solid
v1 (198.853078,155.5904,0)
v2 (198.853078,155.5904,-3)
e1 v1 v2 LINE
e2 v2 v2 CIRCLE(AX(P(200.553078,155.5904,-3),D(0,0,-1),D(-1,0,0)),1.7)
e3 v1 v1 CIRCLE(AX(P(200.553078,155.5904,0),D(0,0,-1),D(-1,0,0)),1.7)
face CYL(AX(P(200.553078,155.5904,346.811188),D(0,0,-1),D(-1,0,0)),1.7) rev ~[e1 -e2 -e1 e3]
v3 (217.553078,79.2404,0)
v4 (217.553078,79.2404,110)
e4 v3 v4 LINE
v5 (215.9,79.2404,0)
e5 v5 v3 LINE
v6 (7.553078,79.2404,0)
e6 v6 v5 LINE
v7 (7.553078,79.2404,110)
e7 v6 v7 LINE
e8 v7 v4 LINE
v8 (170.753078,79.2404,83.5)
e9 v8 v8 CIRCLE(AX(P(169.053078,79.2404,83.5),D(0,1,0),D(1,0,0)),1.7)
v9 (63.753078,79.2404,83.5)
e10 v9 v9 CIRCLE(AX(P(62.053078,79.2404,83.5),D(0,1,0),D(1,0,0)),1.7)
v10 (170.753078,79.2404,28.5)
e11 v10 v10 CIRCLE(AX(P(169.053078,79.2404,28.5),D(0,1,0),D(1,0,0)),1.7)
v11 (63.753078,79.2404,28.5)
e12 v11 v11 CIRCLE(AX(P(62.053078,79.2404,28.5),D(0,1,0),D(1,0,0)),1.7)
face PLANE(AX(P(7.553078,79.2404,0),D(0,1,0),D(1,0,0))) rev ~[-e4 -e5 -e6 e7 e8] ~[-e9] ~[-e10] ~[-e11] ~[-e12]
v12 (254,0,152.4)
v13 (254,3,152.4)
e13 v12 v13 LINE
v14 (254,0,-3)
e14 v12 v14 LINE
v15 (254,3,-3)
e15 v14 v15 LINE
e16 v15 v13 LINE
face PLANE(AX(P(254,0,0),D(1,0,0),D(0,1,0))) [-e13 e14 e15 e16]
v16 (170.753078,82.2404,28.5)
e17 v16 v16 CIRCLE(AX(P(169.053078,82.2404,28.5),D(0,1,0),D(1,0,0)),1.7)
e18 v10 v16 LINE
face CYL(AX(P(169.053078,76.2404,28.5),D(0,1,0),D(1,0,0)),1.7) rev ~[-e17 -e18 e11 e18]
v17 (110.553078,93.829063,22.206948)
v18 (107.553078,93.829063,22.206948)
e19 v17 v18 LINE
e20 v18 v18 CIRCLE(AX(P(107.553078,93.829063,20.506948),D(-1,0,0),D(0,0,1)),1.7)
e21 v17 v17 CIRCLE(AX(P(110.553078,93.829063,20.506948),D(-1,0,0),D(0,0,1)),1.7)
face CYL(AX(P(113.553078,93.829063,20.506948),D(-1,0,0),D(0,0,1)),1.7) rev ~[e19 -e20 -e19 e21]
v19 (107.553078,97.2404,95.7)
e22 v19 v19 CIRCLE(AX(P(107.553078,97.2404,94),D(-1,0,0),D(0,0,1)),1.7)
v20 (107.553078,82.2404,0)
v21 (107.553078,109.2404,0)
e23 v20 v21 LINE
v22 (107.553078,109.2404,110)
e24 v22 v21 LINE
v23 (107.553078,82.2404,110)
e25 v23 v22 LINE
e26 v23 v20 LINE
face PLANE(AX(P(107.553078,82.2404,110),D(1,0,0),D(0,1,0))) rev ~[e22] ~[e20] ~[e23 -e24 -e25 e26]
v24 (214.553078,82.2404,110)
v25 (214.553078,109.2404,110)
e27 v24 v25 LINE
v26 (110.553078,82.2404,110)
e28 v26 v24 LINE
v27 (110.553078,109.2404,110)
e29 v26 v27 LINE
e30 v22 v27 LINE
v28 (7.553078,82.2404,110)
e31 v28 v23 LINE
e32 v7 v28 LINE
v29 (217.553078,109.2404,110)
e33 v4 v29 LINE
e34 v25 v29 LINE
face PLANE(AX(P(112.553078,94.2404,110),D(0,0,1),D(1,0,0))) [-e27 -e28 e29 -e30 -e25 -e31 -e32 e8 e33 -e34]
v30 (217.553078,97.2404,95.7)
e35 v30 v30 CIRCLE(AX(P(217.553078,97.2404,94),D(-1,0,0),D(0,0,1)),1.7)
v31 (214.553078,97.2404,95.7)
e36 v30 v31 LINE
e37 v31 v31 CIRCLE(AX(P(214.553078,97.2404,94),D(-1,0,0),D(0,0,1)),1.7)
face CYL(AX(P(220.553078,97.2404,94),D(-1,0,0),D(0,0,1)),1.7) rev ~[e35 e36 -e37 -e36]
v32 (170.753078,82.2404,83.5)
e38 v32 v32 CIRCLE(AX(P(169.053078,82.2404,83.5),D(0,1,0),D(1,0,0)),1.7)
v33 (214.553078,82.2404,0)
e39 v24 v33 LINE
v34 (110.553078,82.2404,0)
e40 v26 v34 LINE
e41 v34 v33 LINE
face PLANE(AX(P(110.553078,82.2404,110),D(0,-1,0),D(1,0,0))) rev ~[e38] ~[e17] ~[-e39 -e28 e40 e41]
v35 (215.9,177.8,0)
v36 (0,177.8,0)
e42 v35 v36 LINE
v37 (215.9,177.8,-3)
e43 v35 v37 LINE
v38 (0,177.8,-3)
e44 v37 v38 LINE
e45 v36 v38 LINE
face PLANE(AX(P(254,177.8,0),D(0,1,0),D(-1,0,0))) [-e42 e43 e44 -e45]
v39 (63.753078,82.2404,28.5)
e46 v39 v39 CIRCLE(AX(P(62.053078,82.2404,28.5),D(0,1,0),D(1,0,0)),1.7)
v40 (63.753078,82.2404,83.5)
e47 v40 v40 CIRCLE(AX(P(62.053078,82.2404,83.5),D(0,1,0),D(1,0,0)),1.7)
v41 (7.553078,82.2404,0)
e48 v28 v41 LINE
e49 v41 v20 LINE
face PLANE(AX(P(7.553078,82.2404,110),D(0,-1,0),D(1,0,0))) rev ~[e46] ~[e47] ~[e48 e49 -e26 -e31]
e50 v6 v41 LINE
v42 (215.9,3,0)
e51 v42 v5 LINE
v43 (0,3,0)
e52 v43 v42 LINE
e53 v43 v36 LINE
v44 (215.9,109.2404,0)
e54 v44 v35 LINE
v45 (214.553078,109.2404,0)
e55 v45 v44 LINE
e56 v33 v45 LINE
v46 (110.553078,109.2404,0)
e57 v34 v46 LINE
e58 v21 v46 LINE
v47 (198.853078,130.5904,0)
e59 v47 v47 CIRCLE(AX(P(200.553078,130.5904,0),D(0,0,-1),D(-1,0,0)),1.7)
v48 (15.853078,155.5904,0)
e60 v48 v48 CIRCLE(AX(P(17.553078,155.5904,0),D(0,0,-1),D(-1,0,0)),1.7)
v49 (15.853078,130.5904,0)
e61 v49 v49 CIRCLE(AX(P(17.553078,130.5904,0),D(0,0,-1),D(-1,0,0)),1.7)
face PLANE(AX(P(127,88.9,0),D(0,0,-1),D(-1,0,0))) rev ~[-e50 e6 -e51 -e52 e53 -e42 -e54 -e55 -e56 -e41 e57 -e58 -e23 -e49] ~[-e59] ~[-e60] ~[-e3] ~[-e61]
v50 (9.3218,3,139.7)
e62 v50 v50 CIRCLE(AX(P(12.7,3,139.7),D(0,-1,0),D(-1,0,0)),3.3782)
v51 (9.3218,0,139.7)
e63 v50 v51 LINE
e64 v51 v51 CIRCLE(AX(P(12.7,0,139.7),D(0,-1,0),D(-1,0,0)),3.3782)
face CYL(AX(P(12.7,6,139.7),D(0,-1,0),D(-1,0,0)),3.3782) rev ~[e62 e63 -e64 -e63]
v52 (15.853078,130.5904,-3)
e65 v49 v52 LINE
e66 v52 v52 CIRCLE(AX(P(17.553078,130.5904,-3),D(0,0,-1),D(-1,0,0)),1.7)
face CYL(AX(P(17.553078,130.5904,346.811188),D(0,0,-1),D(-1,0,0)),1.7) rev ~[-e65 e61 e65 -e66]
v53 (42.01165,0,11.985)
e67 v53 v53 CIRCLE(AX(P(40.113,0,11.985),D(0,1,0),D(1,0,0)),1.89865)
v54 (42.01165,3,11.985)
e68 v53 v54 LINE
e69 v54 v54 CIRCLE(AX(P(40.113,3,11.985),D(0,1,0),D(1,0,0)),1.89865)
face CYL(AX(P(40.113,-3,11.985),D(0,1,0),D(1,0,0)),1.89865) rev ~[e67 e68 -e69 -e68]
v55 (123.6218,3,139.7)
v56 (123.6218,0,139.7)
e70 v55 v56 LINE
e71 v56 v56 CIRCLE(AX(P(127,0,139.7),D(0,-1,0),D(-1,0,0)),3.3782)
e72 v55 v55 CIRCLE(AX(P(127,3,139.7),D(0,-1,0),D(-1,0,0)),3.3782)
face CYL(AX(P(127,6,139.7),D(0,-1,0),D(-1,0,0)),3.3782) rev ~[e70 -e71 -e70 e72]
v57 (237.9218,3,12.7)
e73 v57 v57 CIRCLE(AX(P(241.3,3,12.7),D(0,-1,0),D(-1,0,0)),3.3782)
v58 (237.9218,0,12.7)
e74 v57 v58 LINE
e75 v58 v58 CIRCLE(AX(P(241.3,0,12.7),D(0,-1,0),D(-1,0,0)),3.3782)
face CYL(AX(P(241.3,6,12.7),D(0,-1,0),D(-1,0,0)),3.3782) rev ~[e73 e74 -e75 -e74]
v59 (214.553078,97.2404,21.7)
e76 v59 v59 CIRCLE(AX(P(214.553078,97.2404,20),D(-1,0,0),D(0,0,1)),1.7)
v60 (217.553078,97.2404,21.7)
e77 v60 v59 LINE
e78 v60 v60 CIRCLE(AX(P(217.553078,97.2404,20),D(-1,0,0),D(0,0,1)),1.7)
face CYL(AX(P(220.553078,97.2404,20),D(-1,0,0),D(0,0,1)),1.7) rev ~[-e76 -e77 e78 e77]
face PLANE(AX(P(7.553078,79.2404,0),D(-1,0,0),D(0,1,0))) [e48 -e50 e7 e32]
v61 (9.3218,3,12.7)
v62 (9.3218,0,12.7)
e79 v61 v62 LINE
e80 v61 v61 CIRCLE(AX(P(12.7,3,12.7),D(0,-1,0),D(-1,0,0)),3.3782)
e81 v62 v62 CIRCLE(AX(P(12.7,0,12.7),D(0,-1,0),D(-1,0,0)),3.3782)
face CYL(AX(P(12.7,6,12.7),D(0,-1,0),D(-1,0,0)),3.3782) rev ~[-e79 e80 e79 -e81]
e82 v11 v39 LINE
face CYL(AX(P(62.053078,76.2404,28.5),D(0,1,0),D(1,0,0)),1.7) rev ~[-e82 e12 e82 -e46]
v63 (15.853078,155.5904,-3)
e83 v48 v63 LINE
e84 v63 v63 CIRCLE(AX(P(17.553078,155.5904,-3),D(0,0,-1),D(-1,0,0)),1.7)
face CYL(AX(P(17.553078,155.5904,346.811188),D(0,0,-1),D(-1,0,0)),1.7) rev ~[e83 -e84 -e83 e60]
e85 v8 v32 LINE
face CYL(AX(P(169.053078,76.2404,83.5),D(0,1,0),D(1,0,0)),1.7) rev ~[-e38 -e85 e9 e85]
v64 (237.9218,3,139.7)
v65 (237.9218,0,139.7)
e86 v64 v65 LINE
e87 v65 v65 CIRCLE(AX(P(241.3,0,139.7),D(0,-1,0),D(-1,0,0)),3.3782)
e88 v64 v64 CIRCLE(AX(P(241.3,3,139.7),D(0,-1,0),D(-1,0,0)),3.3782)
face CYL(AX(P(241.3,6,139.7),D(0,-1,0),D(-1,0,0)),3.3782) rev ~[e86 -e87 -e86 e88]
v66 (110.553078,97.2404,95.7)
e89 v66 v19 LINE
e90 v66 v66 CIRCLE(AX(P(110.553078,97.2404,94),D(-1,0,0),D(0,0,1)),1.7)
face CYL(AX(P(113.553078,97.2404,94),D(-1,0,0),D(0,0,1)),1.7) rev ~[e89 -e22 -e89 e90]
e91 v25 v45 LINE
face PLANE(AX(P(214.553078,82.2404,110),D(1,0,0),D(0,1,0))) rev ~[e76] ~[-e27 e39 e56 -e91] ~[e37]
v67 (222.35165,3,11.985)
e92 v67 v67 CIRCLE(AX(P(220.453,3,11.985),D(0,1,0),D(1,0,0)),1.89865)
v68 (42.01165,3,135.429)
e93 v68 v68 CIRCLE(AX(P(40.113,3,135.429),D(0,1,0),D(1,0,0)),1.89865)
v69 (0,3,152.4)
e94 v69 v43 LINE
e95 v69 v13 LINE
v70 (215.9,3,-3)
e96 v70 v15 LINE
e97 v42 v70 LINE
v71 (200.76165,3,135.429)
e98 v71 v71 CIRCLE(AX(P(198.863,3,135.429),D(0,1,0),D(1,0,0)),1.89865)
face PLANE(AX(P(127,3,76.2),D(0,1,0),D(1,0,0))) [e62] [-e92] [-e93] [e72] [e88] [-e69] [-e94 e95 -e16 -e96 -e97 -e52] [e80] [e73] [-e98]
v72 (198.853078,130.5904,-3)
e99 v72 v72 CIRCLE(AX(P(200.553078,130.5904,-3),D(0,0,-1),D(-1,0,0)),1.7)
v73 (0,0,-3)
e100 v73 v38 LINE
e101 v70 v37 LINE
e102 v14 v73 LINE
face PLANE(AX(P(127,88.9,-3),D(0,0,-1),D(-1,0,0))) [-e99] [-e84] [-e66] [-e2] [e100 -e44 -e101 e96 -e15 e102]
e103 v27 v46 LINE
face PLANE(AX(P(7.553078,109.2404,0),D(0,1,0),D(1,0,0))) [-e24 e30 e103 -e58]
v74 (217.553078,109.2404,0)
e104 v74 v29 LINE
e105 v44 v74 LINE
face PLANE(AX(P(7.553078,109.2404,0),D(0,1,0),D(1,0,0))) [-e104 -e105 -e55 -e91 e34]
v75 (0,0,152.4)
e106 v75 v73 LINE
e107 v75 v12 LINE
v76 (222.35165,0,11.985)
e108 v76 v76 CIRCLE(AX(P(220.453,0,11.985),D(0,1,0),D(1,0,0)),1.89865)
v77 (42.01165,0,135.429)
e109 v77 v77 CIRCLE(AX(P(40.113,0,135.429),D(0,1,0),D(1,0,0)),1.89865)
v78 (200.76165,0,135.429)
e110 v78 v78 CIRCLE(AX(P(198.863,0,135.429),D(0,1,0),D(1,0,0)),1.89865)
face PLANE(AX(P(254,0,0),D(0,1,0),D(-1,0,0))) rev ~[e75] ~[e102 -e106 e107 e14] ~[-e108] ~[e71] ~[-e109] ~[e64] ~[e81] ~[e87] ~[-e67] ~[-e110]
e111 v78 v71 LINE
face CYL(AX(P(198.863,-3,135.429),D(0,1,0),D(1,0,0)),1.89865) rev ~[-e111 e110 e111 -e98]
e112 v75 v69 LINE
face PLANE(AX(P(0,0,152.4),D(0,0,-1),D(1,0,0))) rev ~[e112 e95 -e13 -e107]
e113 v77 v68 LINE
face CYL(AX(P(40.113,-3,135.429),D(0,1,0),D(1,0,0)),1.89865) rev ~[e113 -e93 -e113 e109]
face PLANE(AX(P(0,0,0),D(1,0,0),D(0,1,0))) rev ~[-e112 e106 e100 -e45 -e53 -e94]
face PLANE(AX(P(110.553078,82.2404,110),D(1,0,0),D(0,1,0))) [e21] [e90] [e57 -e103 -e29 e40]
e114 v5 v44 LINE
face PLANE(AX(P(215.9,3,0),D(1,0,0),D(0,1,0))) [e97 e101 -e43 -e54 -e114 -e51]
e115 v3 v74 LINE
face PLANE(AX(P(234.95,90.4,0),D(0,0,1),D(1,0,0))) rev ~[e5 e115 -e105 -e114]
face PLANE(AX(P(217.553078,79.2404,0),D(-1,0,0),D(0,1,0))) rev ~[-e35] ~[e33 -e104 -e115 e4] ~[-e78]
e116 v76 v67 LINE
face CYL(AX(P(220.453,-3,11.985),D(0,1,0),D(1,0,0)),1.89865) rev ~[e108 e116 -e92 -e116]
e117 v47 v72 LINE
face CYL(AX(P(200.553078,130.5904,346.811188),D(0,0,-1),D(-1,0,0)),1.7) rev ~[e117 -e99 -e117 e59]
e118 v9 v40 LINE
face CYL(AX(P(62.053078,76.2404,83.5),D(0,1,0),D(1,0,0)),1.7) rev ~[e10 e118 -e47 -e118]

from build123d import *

# Parameters (mm, degrees)
SKETCH1_W                   = 254
SKETCH1_H                   = 152.4
BOSS_EXTRUDE1_DEPTH         = 3
SKETCH2_W                   = 254
SKETCH2_H                   = 177.8
BOSS_EXTRUDE2_DEPTH         = 3
SKETCH3_W                   = 210
SKETCH3_H                   = 30
BOSS_EXTRUDE3_DEPTH         = 110
SKETCH4_W                   = 104
SKETCH4_H                   = 27
SKETCH4_W_2                 = 100
CUT_EXTRUDE1_DEPTH          = 110
F_6_CLEARANCE_HOLE1_D       = 3.7973
F_6_CLEARANCE_HOLE1_DEPTH   = 3
M3_CLEARANCE_HOLE1_D        = 3.4
M3_CLEARANCE_HOLE1_DEPTH    = 3
M3_CLEARANCE_HOLE2_D        = 3.4
M3_CLEARANCE_HOLE2_DEPTH    = 3
M3_CLEARANCE_HOLE3_D        = 3.4
M3_CLEARANCE_HOLE3_DEPTH    = 3
F_1_4_CLEARANCE_HOLE1_D     = 6.7564
F_1_4_CLEARANCE_HOLE1_DEPTH = 3
M3_CLEARANCE_HOLE4_D        = 3.4
CUT_EXTRUDE2_REACH          = 347.477
SKETCH26_W                  = 38.1
SKETCH26_H                  = 174.8


with BuildPart() as part:
    # Sketch1 → Boss-Extrude1 (new body)
    with BuildSketch(Plane(origin=(0, 0, 0), x_dir=(1, 0, 0), z_dir=(0, 1, 0))):
        with Locations((127, -76.2)):
            Rectangle(SKETCH1_W, SKETCH1_H)
    extrude(amount=BOSS_EXTRUDE1_DEPTH)

    # Sketch2 → Boss-Extrude2 (add)
    with BuildSketch(Plane(origin=(0, 0, 0), x_dir=(-1, 0, 0), z_dir=(0, 0, -1))):
        with Locations((-127, 88.9)):
            Rectangle(SKETCH2_W, SKETCH2_H)
    extrude(amount=BOSS_EXTRUDE2_DEPTH)

    # Sketch3 → Boss-Extrude3 (add)
    with BuildSketch(Plane.XY):
        with Locations((112.553077541, 94.2404)):
            Rectangle(SKETCH3_W, SKETCH3_H)
    extrude(amount=BOSS_EXTRUDE3_DEPTH)

    # Sketch4 → Cut-Extrude1 (cut)
    with BuildSketch(Plane.XY.offset(110)):
        with Locations((162.553077541, 95.7404)):
            Rectangle(SKETCH4_W, SKETCH4_H)
        with Locations((57.553077541, 95.7404)):
            Rectangle(SKETCH4_W_2, SKETCH4_H)
    extrude(amount=-CUT_EXTRUDE1_DEPTH, mode=Mode.SUBTRACT)

    # #6 Clearance Hole1
    with Locations(Plane(origin=(0, 0, 0), x_dir=(-1, 0, 0), z_dir=(0, -1, 0))):
        with Locations((-40.113, -11.985), (-40.113, -135.429), (-220.453, -11.985), (-198.863, -135.429)):
            Hole(F_6_CLEARANCE_HOLE1_D / 2, depth=F_6_CLEARANCE_HOLE1_DEPTH)

    # M3 Clearance Hole1
    with Locations(Plane(origin=(0, 79.2404, 0), x_dir=(-1, 0, 0), z_dir=(0, -1, 0))):
        with Locations((-62.053077541, -28.5), (-62.053077541, -83.5), (-169.053077541, -83.5), (-169.053077541, -28.5)):
            Hole(M3_CLEARANCE_HOLE1_D / 2, depth=M3_CLEARANCE_HOLE1_DEPTH)

    # M3 Clearance Hole2
    with Locations(Plane(origin=(110.553077541, 0, 0), x_dir=(0, 0, -1), z_dir=(1, 0, 0))):
        with Locations((-94, 97.2404), (-20.506947641, 93.829062569)):
            Hole(M3_CLEARANCE_HOLE2_D / 2, depth=M3_CLEARANCE_HOLE2_DEPTH)

    # M3 Clearance Hole3
    with Locations(Plane(origin=(217.553077541, 0, 0), x_dir=(0, 0, -1), z_dir=(1, 0, 0))):
        with Locations((-94, 97.2404), (-20, 97.2404)):
            Hole(M3_CLEARANCE_HOLE3_D / 2, depth=M3_CLEARANCE_HOLE3_DEPTH)

    # 1/4 Clearance Hole1
    with Locations(Plane(origin=(0, 3, 0), x_dir=(1, 0, 0), z_dir=(0, 1, 0))):
        with Locations((244.489784516, -272.977286046), (241.3, -139.7), (12.7, -139.7), (12.7, -12.7), (241.3, -12.7), (127, -139.7)):
            Hole(F_1_4_CLEARANCE_HOLE1_D / 2, depth=F_1_4_CLEARANCE_HOLE1_DEPTH)

    # M3 Clearance Hole4 (through all)
    with Locations(Plane.XY):
        with Locations((17.553077541, 155.5904), (17.553077541, 130.5904), (200.553077541, 155.5904), (200.553077541, 130.5904)):
            Hole(M3_CLEARANCE_HOLE4_D / 2)

    # Sketch26 → Cut-Extrude2 (cut, up to next)
    with BuildSketch(Plane.XY, mode=Mode.PRIVATE) as cut_extrude2_sk1:
        with Locations((234.95, 90.4)):
            Rectangle(SKETCH26_W, SKETCH26_H)
    cut_extrude2_tool1 = extrude(cut_extrude2_sk1.sketch, amount=-CUT_EXTRUDE2_REACH, mode=Mode.PRIVATE) & part.part
    add(cut_extrude2_tool1.solids().sort_by_distance((234.95, 90.4, 0))[0], mode=Mode.SUBTRACT)


solid = part.part
